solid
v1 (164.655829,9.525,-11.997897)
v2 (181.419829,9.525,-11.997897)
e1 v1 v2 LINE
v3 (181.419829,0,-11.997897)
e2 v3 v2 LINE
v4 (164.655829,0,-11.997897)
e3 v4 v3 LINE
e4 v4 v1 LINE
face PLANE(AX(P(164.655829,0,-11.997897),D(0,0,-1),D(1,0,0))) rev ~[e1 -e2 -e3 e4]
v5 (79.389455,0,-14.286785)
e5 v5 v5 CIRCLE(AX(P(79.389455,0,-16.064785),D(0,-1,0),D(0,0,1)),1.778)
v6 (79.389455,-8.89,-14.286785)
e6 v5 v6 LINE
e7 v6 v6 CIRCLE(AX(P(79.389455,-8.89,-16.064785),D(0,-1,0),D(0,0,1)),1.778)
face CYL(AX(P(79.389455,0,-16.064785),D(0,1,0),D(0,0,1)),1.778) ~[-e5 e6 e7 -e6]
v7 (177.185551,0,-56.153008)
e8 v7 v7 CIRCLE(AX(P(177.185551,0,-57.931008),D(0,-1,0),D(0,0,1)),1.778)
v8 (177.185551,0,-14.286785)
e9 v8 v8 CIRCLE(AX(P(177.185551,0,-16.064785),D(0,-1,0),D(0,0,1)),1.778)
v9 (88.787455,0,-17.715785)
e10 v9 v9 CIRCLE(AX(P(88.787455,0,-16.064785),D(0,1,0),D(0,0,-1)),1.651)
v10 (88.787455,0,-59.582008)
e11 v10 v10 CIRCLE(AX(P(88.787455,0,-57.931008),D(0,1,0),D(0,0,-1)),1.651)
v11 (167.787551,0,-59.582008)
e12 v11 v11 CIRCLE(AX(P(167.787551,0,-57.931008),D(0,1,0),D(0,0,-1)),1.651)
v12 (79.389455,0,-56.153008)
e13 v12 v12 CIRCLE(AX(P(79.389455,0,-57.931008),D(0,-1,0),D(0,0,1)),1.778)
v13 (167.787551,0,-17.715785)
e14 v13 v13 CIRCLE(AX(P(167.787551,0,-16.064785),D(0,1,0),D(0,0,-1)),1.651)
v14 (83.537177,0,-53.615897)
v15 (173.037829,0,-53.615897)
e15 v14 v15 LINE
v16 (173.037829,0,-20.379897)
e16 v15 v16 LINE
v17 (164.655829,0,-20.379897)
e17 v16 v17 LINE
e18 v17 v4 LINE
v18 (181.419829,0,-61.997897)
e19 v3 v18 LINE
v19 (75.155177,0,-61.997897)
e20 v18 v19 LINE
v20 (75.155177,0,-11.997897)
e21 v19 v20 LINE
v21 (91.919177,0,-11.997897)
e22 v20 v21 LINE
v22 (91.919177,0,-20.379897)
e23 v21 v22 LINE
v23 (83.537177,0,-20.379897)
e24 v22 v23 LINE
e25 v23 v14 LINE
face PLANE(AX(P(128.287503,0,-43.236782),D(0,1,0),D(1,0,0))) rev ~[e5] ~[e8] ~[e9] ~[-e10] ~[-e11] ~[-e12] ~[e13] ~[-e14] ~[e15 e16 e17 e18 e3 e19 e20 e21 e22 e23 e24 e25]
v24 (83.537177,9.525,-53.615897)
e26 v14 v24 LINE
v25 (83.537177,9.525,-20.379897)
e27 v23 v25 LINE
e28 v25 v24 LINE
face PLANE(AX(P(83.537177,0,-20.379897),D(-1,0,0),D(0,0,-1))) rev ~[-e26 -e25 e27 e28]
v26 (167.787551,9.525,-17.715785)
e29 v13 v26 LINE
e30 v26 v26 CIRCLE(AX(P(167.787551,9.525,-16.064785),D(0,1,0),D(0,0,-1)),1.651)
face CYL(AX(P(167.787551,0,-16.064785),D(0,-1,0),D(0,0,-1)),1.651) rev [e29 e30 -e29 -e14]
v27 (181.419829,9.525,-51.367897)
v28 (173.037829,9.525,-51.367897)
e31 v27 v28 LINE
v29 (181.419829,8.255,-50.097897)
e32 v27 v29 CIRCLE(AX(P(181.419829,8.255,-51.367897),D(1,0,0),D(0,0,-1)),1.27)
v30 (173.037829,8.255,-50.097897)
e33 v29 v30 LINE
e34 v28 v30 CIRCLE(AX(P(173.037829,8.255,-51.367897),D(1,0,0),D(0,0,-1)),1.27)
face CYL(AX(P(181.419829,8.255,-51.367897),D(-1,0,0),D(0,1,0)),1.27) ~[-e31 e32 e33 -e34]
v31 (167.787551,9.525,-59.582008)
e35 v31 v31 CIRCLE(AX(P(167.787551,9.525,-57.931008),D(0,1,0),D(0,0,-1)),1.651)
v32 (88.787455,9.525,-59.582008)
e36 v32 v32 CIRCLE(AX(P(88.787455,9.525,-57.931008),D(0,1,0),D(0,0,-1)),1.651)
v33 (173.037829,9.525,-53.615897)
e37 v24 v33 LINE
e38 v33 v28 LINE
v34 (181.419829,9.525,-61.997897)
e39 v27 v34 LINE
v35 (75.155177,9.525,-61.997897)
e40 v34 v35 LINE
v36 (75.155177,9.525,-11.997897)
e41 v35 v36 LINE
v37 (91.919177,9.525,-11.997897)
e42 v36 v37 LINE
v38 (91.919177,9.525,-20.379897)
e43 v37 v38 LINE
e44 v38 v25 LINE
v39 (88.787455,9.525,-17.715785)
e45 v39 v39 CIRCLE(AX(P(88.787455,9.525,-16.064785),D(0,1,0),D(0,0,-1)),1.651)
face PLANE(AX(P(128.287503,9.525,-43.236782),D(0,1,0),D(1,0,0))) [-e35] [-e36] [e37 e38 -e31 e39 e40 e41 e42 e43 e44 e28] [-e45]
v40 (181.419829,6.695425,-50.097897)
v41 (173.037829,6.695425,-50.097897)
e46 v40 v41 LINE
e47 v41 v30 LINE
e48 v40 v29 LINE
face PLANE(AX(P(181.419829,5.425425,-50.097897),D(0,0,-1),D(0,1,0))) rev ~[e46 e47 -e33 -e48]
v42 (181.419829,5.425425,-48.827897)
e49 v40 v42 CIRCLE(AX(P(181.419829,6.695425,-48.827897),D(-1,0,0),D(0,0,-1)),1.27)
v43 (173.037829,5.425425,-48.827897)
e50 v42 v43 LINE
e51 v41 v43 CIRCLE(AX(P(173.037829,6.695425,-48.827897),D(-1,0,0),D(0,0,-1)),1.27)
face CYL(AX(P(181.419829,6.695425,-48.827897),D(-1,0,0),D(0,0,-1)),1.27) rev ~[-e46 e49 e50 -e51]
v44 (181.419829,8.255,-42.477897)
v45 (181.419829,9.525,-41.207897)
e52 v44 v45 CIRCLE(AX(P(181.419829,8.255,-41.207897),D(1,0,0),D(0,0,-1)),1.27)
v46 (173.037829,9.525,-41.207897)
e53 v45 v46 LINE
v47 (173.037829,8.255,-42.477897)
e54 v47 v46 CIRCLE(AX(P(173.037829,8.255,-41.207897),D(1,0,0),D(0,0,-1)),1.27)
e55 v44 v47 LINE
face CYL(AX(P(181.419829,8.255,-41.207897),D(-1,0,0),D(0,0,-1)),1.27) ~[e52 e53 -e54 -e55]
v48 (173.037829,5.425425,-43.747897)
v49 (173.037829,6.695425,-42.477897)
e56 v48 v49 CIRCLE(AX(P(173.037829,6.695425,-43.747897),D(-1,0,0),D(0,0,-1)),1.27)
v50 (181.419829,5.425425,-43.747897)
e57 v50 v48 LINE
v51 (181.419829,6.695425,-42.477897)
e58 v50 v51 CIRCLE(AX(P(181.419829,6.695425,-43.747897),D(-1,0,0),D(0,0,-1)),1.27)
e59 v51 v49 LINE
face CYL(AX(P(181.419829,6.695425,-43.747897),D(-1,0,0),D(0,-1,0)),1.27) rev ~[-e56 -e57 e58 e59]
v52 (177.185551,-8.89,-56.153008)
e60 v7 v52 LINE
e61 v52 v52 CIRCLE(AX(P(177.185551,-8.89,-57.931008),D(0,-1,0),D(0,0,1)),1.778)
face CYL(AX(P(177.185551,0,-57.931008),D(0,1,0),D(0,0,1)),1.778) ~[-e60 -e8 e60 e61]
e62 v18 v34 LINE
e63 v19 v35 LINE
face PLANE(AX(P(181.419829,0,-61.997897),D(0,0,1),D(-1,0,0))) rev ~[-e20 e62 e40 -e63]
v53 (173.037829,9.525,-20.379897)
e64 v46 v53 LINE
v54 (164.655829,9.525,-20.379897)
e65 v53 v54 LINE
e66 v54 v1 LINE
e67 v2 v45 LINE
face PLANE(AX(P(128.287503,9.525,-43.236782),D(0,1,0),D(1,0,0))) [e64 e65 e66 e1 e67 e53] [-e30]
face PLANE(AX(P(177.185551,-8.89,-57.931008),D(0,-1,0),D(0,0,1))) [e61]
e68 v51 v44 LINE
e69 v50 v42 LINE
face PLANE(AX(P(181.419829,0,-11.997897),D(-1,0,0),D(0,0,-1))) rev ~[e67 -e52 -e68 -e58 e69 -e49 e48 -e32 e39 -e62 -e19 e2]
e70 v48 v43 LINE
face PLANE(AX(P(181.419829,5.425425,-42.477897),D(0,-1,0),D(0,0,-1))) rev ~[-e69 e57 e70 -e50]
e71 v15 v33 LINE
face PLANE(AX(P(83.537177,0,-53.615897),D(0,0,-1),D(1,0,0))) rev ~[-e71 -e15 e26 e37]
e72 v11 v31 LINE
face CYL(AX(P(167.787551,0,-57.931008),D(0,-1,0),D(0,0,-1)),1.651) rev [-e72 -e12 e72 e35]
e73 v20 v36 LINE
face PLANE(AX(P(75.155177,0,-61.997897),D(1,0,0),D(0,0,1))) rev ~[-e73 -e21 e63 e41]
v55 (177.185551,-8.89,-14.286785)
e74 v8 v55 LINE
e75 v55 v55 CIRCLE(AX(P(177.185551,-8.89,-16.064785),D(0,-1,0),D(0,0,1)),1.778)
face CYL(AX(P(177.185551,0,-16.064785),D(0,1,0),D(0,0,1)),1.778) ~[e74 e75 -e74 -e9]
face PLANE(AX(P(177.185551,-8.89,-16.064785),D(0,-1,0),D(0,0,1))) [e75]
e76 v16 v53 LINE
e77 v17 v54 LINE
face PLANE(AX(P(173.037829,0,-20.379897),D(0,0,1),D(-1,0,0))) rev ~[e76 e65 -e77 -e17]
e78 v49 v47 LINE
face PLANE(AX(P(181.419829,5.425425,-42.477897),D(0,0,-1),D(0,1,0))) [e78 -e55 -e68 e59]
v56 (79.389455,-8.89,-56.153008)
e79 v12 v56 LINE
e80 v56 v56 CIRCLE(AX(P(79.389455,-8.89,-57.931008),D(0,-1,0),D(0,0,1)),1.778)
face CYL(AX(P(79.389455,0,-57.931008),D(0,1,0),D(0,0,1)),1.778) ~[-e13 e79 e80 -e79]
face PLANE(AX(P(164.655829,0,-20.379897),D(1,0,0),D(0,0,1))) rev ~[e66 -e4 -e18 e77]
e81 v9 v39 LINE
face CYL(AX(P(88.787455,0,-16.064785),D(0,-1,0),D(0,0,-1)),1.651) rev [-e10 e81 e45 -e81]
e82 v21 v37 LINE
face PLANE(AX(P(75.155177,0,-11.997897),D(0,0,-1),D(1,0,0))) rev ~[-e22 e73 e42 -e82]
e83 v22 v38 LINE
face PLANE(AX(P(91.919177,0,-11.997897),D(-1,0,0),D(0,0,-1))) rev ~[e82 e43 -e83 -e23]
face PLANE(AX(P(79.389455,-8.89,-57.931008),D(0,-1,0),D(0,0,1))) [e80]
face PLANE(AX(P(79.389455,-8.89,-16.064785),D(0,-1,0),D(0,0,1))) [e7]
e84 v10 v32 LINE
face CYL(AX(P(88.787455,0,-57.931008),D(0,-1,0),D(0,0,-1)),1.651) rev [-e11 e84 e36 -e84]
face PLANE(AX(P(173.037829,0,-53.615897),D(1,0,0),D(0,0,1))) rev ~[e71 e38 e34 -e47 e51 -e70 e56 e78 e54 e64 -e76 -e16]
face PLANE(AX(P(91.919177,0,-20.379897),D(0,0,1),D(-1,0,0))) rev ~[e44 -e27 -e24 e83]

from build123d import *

# Parameters (mm, degrees)
SKETCH1_R           = 1.651
BOSS_EXTRUDE1_DEPTH = 9.525
SKETCH2_W           = 7.62
SKETCH2_H           = 4.099575227
CUT_EXTRUDE7_DEPTH  = 8.89
FILLET2_R           = 1.27
SKETCH3_R           = 1.778
BOSS_EXTRUDE3_DEPTH = 8.89


with BuildPart() as part:
    # Sketch1 → Boss-Extrude1 (new body)
    with BuildSketch(Plane(origin=(0, 0, 0), x_dir=(1, 0, 0), z_dir=(0, 1, 0))):
        Polygon((75.155177047, 61.997896552), (75.155177047, 11.997896552), (91.919177047, 11.997896552), (91.919177047, 20.379896552), (83.537177047, 20.379896552), (83.537177047, 53.615896552), (173.037829354, 53.615896552), (173.037829354, 20.379896552), (164.655829354, 20.379896552), (164.655829354, 11.997896552), (181.419829354, 11.997896552), (181.419829354, 61.997896552), align=None)
        with Locations(Location((88.7874552, 16.064784874, 0), (0, 0, 90))):
            Circle(SKETCH1_R, mode=Mode.SUBTRACT)
        with Locations(Location((167.7875512, 57.93100823, 0), (0, 0, 90))):
            Circle(SKETCH1_R, mode=Mode.SUBTRACT)
        with Locations(Location((88.7874552, 57.93100823, 0), (0, 0, 90))):
            Circle(SKETCH1_R, mode=Mode.SUBTRACT)
        with Locations(Location((167.7875512, 16.064784874, 0), (0, 0, 90))):
            Circle(SKETCH1_R, mode=Mode.SUBTRACT)
    extrude(amount=BOSS_EXTRUDE1_DEPTH)

    # Sketch2 → Cut-Extrude7 (cut)
    with BuildSketch(Plane(origin=(181.419829354, 0, 0), x_dir=(0, 0, -1), z_dir=(1, 0, 0))):
        with Locations((46.287896552, 7.475212387)):
            Rectangle(SKETCH2_W, SKETCH2_H)
    extrude(amount=-CUT_EXTRUDE7_DEPTH, mode=Mode.SUBTRACT)

    # Fillet2
    fillet2_edges = [part.edges().sort_by_distance(p)[0] for p in [
        (177.228829354, 9.525, -42.477896552),
        (177.228829354, 9.525, -50.097896552),
        (177.228829354, 5.425424773, -50.097896552),
        (177.228829354, 5.425424773, -42.477896552),
    ]]
    fillet(fillet2_edges, radius=FILLET2_R)

    # Sketch3 → Boss-Extrude3 (add)
    with BuildSketch(Plane.XZ):
        with Locations(Location((79.3894552, -16.064784874, 0), (0, 0, 90))):
            Circle(SKETCH3_R)
        with Locations(Location((177.1855512, -16.064784874, 0), (0, 0, 90))):
            Circle(SKETCH3_R)
        with Locations(Location((79.3894552, -57.93100823, 0), (0, 0, 90))):
            Circle(SKETCH3_R)
        with Locations(Location((177.1855512, -57.93100823, 0), (0, 0, 90))):
            Circle(SKETCH3_R)
    extrude(amount=BOSS_EXTRUDE3_DEPTH)


solid = part.part
